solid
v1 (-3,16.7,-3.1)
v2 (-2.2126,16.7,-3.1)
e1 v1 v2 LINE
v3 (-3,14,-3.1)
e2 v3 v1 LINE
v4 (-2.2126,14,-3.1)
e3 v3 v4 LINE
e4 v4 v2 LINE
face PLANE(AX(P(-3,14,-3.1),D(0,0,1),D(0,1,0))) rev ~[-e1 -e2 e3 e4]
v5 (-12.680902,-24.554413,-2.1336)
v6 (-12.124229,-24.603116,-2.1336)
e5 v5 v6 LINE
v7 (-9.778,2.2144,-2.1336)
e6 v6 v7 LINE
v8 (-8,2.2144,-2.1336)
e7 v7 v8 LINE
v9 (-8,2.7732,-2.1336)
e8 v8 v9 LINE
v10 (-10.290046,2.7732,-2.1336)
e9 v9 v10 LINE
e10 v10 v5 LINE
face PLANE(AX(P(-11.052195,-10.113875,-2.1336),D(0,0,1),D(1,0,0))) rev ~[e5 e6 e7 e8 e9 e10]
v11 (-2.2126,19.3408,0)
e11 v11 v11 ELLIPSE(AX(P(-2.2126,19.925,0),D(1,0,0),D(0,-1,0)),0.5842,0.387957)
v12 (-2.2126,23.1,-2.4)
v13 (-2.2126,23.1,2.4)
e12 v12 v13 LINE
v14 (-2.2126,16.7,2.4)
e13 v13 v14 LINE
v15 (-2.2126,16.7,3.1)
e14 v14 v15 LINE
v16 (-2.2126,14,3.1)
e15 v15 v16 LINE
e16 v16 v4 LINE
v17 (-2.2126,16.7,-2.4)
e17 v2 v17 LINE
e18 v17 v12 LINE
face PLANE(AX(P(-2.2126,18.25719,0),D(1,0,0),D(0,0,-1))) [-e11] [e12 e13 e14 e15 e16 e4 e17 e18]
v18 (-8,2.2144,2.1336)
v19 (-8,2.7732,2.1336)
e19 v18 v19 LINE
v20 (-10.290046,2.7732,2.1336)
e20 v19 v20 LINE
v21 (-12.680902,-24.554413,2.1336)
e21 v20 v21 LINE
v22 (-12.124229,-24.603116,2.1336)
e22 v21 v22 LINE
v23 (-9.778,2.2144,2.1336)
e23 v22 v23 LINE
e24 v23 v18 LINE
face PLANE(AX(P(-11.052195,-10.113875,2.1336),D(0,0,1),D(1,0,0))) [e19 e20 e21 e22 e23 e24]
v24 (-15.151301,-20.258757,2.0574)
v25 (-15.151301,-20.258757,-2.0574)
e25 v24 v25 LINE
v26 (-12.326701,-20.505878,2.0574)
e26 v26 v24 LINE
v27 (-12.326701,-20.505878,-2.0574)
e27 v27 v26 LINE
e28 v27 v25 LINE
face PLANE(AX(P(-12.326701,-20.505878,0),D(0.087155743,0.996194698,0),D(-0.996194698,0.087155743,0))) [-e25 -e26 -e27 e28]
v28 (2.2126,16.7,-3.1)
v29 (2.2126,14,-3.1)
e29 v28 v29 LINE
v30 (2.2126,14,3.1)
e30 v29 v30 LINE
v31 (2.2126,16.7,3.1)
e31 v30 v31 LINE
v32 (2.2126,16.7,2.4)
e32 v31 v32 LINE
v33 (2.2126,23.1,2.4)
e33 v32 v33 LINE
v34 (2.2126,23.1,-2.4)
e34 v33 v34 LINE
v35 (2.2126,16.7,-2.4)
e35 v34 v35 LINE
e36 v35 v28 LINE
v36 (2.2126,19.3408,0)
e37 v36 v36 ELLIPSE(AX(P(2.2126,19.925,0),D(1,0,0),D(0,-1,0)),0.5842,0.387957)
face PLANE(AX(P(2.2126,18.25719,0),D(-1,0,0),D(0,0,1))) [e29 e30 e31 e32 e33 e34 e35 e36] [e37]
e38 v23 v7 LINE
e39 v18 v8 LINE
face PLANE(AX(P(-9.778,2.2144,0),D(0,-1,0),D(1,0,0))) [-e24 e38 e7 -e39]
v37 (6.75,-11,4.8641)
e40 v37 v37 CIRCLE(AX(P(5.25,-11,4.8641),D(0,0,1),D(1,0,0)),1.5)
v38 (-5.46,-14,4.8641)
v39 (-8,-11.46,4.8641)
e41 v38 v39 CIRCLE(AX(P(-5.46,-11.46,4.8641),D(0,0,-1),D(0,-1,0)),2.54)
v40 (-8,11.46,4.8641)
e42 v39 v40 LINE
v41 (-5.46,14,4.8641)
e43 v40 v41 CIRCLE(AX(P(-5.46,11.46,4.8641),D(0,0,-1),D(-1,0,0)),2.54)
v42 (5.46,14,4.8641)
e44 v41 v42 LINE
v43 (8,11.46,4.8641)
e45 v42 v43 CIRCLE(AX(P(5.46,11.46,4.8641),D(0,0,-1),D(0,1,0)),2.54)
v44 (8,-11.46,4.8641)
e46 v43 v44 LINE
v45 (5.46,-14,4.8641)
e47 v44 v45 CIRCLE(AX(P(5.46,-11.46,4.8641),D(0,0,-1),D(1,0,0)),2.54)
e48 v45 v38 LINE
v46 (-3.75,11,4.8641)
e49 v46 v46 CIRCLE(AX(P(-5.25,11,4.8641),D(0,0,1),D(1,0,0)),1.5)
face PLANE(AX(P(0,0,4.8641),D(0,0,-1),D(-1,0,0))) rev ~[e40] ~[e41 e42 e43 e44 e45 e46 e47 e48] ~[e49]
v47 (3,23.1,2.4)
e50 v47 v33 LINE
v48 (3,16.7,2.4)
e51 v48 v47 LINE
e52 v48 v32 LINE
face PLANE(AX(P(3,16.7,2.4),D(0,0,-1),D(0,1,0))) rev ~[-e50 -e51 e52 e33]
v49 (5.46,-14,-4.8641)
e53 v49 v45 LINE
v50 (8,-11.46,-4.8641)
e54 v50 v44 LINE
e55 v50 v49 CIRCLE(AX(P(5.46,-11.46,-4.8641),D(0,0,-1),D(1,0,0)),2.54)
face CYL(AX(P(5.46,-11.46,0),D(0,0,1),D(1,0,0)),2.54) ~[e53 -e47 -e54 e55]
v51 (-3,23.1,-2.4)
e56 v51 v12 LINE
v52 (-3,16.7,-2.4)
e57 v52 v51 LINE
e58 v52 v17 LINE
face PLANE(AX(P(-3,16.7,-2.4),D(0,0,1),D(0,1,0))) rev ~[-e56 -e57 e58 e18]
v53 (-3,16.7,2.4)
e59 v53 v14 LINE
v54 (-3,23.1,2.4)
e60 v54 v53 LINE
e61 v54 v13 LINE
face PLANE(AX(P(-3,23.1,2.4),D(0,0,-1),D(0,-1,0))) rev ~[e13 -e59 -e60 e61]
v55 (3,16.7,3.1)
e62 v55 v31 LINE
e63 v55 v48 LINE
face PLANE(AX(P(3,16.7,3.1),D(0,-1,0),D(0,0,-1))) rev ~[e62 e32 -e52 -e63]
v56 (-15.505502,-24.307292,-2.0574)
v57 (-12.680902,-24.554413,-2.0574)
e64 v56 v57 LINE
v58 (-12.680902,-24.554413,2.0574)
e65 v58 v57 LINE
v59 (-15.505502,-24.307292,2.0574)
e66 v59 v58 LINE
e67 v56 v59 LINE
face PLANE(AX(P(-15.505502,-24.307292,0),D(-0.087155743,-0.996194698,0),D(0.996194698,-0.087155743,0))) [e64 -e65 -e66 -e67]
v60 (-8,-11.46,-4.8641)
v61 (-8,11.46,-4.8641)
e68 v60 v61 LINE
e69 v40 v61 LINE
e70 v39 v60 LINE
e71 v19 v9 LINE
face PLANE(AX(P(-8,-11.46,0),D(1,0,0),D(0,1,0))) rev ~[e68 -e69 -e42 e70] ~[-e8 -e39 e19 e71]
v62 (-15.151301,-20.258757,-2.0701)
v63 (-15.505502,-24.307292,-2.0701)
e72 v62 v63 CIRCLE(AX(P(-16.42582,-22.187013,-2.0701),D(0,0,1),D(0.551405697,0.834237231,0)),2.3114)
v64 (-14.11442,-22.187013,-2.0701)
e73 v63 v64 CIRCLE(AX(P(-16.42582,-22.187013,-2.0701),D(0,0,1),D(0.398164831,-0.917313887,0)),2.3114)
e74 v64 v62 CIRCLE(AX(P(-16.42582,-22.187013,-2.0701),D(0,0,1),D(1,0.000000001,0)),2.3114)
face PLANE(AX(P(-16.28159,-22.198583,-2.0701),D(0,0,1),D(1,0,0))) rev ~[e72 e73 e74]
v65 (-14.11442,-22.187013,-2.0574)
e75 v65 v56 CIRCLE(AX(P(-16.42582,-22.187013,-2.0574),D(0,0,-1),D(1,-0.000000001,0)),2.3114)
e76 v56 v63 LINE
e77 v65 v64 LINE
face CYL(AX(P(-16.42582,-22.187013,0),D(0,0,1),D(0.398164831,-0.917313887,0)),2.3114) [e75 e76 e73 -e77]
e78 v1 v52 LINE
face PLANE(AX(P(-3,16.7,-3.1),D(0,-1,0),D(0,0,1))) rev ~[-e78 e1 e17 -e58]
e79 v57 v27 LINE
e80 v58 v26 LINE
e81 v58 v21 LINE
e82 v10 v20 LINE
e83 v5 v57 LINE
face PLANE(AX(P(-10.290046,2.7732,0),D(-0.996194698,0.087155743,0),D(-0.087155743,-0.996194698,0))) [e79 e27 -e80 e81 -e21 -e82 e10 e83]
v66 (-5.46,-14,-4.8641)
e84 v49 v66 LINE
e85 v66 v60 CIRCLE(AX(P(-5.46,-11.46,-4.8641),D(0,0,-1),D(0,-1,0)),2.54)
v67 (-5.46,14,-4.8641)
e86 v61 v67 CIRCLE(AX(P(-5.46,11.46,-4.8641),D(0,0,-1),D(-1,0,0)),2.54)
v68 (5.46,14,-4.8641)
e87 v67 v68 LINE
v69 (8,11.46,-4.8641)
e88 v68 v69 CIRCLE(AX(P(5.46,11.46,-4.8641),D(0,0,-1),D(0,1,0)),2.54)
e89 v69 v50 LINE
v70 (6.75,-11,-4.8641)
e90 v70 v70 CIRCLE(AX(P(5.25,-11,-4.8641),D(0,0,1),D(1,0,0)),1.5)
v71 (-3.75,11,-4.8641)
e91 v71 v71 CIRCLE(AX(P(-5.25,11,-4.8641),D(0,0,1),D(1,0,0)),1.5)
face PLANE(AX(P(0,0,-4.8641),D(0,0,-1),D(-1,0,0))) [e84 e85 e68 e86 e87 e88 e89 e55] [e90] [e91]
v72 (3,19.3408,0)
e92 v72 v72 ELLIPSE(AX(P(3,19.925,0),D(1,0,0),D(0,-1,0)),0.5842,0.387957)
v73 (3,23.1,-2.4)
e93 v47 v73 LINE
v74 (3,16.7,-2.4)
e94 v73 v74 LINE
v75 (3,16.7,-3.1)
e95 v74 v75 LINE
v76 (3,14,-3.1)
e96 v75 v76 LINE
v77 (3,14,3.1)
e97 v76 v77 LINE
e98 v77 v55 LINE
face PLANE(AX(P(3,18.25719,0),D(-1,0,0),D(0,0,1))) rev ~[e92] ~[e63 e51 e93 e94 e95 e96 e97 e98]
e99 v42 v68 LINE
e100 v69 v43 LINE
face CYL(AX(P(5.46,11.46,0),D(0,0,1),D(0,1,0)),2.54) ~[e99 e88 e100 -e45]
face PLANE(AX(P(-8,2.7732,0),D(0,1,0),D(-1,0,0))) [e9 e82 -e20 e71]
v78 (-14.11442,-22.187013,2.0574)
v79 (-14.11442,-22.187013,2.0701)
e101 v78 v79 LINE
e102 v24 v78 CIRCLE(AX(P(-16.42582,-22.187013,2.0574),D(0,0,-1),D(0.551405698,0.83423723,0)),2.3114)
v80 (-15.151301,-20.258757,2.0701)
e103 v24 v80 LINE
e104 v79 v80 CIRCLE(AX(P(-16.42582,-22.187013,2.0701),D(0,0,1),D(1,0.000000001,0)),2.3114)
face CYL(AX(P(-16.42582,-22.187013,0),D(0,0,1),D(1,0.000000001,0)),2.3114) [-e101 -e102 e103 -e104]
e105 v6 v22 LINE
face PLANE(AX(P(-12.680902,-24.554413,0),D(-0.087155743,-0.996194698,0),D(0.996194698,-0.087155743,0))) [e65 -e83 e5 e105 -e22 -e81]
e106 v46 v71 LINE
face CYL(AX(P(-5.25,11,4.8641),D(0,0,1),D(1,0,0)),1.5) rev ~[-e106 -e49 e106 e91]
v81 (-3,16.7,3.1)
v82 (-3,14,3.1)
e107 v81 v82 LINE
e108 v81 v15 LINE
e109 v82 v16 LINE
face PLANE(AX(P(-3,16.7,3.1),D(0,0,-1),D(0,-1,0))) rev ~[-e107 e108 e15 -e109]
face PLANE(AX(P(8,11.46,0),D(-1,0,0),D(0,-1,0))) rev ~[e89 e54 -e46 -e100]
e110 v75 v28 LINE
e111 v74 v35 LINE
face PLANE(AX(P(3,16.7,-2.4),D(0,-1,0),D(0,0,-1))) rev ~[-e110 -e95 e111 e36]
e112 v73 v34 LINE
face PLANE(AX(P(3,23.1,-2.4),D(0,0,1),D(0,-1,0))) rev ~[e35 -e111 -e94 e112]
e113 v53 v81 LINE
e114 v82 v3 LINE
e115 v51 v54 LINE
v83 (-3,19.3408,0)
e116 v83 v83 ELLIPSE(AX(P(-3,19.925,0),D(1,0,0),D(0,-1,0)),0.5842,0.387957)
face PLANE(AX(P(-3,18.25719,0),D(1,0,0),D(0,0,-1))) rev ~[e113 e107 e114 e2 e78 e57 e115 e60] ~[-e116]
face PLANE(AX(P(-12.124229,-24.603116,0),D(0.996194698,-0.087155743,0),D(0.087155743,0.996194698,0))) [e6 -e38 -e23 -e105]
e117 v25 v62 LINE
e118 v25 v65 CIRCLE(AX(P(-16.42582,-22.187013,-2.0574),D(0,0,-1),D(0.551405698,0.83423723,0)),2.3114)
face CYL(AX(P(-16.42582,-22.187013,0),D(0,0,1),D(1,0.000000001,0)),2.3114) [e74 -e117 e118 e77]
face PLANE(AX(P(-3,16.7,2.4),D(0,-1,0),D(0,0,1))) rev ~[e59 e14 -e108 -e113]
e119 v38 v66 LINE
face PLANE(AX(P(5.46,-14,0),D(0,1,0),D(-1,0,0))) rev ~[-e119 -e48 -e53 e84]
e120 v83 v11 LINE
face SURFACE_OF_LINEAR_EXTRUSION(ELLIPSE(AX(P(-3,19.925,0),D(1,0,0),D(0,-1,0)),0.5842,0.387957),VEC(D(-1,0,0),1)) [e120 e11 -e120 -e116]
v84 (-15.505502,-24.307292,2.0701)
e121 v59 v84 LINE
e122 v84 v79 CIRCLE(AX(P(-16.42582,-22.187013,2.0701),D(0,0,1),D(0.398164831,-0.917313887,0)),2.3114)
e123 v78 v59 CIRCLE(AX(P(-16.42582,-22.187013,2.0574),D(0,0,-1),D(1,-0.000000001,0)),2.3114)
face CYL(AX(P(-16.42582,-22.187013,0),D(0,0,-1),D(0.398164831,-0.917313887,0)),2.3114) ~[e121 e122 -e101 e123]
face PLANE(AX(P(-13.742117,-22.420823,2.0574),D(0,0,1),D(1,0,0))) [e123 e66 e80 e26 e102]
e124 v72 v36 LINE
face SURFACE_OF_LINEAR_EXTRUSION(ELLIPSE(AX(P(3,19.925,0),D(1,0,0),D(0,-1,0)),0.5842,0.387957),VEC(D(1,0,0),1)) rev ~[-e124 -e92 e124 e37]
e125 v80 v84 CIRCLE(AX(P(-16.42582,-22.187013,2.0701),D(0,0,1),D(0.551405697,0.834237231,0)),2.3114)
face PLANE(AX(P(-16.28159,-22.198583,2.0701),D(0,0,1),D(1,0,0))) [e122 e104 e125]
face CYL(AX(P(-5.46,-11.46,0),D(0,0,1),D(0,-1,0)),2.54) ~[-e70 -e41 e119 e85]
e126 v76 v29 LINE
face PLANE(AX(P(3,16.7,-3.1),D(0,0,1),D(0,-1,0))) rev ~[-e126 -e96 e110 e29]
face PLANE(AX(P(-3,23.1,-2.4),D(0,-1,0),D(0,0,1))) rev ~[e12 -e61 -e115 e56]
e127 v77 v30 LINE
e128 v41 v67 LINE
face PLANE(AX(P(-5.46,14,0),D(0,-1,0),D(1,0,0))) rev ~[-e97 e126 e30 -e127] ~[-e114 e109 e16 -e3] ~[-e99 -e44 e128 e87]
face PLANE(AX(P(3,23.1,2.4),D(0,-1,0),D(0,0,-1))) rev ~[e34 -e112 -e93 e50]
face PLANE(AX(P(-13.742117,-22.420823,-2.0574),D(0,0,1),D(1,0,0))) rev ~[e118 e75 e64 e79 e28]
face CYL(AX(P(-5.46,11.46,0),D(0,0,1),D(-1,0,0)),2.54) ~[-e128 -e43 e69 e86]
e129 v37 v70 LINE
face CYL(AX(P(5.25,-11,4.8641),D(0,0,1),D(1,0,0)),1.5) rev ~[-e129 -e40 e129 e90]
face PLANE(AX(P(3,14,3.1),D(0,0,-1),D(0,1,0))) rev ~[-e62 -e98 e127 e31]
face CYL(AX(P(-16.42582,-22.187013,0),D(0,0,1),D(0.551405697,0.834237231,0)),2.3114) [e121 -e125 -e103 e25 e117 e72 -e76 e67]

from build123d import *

# Parameters (mm, degrees)
BOSS_EXTRUDE1_DEPTH = 4.8641
SKETCH2_RX          = 0.5842
SKETCH2_RY          = 0.387956749
BOSS_EXTRUDE2_DEPTH = 0.7874
SKETCH4_RX          = 0.5842
SKETCH4_RY          = 0.387956749
BOSS_EXTRUDE3_DEPTH = 0.7874
BOSS_EXTRUDE5_DEPTH = 2.1336
BOSS_EXTRUDE6_DEPTH = 2.0574
BOSS_EXTRUDE7_DEPTH = 2.0701
SKETCH6_R           = 1.5
CUT_EXTRUDE1_DEPTH  = 33.419663703


with BuildPart() as part:
    # Sketch1 → Boss-Extrude1 (new, symmetric)
    with BuildSketch(Plane.XY):
        with BuildLine():
            Line((5.46, -14), (-5.46, -14))
            ThreePointArc((-5.46, -14), (-7.256051224, -13.256051224), (-8, -11.46))
            Line((-8, -11.46), (-8, 11.46))
            ThreePointArc((-8, 11.46), (-7.256051224, 13.256051224), (-5.46, 14))
            Line((-5.46, 14), (5.46, 14))
            ThreePointArc((5.46, 14), (7.256051224, 13.256051224), (8, 11.46))
            Line((8, 11.46), (8, -11.46))
            ThreePointArc((8, -11.46), (7.256051224, -13.256051224), (5.46, -14))
        make_face()
    extrude(amount=BOSS_EXTRUDE1_DEPTH, both=True)

    # Sketch2 → Boss-Extrude2 (add)
    with BuildSketch(Plane(origin=(3, 0, 0), x_dir=(0, 0, -1), z_dir=(1, 0, 0))):
        Polygon((-3.1, 14), (-3.1, 16.7), (-2.4, 16.7), (-2.4, 23.1), (2.4, 23.1), (2.4, 16.7), (3.1, 16.7), (3.1, 14), align=None)
        with Locations(Location((0, 19.925), (0, 0, -90))):
            Ellipse(SKETCH2_RX, SKETCH2_RY, mode=Mode.SUBTRACT)
    extrude(amount=-BOSS_EXTRUDE2_DEPTH)

    # Sketch4 → Boss-Extrude3 (add)
    with BuildSketch(Plane(origin=(-3, 0, 0), x_dir=(0, 0, -1), z_dir=(1, 0, 0))):
        Polygon((2.4, 16.7), (2.4, 23.1), (-2.4, 23.1), (-2.4, 16.7), (-3.1, 16.7), (-3.1, 14), (3.1, 14), (3.1, 16.7), align=None)
        with Locations(Location((0, 19.925), (0, 0, -90))):
            Ellipse(SKETCH4_RX, SKETCH4_RY, mode=Mode.SUBTRACT)
    extrude(amount=BOSS_EXTRUDE3_DEPTH)

    # Sketch5 → Boss-Extrude5 (add, symmetric)
    with BuildSketch(Plane.XY):
        Polygon((-8, 2.7732), (-10.29004586, 2.7732), (-12.680902195, -24.554412958), (-12.124228598, -24.603115587), (-9.778, 2.2144), (-8, 2.2144), align=None)
    extrude(amount=BOSS_EXTRUDE5_DEPTH, both=True)

    # Sketch5<6> → Boss-Extrude6 (add, symmetric)
    with BuildSketch(Plane.XY):
        with BuildLine():
            Line((-12.680902195, -24.554412958), (-12.326701257, -20.505877705))
            Line((-12.326701257, -20.505877705), (-15.151301123, -20.258757238))
            ThreePointArc((-15.151301123, -20.258757238), (-14.390077946, -21.092333666), (-14.114420252, -22.187013172))
            ThreePointArc((-14.114420252, -22.187013172), (-14.493232166, -23.454953726), (-15.505502062, -24.307292491))
            Line((-15.505502062, -24.307292491), (-12.680902195, -24.554412958))
        make_face()
    extrude(amount=BOSS_EXTRUDE6_DEPTH, both=True)

    # Sketch5<7> → Boss-Extrude7 (add, symmetric)
    with BuildSketch(Plane.XY):
        with BuildLine():
            ThreePointArc((-14.114420252, -22.187013172), (-14.390077946, -21.092333666), (-15.151301123, -20.258757238))
            ThreePointArc((-15.151301123, -20.258757238), (-18.728424677, -21.985561389), (-15.505502062, -24.307292491))
            ThreePointArc((-15.505502062, -24.307292491), (-14.493232166, -23.454953726), (-14.114420252, -22.187013172))
        make_face()
    extrude(amount=BOSS_EXTRUDE7_DEPTH, both=True)

    # Sketch6 → Cut-Extrude1 (cut, through all)
    with BuildSketch(Plane.XY.offset(4.8641)):
        with Locations((-5.25, 11)):
            Circle(SKETCH6_R)
        with Locations((5.25, -11)):
            Circle(SKETCH6_R)
    extrude(amount=-CUT_EXTRUDE1_DEPTH, mode=Mode.SUBTRACT)


solid = part.part
